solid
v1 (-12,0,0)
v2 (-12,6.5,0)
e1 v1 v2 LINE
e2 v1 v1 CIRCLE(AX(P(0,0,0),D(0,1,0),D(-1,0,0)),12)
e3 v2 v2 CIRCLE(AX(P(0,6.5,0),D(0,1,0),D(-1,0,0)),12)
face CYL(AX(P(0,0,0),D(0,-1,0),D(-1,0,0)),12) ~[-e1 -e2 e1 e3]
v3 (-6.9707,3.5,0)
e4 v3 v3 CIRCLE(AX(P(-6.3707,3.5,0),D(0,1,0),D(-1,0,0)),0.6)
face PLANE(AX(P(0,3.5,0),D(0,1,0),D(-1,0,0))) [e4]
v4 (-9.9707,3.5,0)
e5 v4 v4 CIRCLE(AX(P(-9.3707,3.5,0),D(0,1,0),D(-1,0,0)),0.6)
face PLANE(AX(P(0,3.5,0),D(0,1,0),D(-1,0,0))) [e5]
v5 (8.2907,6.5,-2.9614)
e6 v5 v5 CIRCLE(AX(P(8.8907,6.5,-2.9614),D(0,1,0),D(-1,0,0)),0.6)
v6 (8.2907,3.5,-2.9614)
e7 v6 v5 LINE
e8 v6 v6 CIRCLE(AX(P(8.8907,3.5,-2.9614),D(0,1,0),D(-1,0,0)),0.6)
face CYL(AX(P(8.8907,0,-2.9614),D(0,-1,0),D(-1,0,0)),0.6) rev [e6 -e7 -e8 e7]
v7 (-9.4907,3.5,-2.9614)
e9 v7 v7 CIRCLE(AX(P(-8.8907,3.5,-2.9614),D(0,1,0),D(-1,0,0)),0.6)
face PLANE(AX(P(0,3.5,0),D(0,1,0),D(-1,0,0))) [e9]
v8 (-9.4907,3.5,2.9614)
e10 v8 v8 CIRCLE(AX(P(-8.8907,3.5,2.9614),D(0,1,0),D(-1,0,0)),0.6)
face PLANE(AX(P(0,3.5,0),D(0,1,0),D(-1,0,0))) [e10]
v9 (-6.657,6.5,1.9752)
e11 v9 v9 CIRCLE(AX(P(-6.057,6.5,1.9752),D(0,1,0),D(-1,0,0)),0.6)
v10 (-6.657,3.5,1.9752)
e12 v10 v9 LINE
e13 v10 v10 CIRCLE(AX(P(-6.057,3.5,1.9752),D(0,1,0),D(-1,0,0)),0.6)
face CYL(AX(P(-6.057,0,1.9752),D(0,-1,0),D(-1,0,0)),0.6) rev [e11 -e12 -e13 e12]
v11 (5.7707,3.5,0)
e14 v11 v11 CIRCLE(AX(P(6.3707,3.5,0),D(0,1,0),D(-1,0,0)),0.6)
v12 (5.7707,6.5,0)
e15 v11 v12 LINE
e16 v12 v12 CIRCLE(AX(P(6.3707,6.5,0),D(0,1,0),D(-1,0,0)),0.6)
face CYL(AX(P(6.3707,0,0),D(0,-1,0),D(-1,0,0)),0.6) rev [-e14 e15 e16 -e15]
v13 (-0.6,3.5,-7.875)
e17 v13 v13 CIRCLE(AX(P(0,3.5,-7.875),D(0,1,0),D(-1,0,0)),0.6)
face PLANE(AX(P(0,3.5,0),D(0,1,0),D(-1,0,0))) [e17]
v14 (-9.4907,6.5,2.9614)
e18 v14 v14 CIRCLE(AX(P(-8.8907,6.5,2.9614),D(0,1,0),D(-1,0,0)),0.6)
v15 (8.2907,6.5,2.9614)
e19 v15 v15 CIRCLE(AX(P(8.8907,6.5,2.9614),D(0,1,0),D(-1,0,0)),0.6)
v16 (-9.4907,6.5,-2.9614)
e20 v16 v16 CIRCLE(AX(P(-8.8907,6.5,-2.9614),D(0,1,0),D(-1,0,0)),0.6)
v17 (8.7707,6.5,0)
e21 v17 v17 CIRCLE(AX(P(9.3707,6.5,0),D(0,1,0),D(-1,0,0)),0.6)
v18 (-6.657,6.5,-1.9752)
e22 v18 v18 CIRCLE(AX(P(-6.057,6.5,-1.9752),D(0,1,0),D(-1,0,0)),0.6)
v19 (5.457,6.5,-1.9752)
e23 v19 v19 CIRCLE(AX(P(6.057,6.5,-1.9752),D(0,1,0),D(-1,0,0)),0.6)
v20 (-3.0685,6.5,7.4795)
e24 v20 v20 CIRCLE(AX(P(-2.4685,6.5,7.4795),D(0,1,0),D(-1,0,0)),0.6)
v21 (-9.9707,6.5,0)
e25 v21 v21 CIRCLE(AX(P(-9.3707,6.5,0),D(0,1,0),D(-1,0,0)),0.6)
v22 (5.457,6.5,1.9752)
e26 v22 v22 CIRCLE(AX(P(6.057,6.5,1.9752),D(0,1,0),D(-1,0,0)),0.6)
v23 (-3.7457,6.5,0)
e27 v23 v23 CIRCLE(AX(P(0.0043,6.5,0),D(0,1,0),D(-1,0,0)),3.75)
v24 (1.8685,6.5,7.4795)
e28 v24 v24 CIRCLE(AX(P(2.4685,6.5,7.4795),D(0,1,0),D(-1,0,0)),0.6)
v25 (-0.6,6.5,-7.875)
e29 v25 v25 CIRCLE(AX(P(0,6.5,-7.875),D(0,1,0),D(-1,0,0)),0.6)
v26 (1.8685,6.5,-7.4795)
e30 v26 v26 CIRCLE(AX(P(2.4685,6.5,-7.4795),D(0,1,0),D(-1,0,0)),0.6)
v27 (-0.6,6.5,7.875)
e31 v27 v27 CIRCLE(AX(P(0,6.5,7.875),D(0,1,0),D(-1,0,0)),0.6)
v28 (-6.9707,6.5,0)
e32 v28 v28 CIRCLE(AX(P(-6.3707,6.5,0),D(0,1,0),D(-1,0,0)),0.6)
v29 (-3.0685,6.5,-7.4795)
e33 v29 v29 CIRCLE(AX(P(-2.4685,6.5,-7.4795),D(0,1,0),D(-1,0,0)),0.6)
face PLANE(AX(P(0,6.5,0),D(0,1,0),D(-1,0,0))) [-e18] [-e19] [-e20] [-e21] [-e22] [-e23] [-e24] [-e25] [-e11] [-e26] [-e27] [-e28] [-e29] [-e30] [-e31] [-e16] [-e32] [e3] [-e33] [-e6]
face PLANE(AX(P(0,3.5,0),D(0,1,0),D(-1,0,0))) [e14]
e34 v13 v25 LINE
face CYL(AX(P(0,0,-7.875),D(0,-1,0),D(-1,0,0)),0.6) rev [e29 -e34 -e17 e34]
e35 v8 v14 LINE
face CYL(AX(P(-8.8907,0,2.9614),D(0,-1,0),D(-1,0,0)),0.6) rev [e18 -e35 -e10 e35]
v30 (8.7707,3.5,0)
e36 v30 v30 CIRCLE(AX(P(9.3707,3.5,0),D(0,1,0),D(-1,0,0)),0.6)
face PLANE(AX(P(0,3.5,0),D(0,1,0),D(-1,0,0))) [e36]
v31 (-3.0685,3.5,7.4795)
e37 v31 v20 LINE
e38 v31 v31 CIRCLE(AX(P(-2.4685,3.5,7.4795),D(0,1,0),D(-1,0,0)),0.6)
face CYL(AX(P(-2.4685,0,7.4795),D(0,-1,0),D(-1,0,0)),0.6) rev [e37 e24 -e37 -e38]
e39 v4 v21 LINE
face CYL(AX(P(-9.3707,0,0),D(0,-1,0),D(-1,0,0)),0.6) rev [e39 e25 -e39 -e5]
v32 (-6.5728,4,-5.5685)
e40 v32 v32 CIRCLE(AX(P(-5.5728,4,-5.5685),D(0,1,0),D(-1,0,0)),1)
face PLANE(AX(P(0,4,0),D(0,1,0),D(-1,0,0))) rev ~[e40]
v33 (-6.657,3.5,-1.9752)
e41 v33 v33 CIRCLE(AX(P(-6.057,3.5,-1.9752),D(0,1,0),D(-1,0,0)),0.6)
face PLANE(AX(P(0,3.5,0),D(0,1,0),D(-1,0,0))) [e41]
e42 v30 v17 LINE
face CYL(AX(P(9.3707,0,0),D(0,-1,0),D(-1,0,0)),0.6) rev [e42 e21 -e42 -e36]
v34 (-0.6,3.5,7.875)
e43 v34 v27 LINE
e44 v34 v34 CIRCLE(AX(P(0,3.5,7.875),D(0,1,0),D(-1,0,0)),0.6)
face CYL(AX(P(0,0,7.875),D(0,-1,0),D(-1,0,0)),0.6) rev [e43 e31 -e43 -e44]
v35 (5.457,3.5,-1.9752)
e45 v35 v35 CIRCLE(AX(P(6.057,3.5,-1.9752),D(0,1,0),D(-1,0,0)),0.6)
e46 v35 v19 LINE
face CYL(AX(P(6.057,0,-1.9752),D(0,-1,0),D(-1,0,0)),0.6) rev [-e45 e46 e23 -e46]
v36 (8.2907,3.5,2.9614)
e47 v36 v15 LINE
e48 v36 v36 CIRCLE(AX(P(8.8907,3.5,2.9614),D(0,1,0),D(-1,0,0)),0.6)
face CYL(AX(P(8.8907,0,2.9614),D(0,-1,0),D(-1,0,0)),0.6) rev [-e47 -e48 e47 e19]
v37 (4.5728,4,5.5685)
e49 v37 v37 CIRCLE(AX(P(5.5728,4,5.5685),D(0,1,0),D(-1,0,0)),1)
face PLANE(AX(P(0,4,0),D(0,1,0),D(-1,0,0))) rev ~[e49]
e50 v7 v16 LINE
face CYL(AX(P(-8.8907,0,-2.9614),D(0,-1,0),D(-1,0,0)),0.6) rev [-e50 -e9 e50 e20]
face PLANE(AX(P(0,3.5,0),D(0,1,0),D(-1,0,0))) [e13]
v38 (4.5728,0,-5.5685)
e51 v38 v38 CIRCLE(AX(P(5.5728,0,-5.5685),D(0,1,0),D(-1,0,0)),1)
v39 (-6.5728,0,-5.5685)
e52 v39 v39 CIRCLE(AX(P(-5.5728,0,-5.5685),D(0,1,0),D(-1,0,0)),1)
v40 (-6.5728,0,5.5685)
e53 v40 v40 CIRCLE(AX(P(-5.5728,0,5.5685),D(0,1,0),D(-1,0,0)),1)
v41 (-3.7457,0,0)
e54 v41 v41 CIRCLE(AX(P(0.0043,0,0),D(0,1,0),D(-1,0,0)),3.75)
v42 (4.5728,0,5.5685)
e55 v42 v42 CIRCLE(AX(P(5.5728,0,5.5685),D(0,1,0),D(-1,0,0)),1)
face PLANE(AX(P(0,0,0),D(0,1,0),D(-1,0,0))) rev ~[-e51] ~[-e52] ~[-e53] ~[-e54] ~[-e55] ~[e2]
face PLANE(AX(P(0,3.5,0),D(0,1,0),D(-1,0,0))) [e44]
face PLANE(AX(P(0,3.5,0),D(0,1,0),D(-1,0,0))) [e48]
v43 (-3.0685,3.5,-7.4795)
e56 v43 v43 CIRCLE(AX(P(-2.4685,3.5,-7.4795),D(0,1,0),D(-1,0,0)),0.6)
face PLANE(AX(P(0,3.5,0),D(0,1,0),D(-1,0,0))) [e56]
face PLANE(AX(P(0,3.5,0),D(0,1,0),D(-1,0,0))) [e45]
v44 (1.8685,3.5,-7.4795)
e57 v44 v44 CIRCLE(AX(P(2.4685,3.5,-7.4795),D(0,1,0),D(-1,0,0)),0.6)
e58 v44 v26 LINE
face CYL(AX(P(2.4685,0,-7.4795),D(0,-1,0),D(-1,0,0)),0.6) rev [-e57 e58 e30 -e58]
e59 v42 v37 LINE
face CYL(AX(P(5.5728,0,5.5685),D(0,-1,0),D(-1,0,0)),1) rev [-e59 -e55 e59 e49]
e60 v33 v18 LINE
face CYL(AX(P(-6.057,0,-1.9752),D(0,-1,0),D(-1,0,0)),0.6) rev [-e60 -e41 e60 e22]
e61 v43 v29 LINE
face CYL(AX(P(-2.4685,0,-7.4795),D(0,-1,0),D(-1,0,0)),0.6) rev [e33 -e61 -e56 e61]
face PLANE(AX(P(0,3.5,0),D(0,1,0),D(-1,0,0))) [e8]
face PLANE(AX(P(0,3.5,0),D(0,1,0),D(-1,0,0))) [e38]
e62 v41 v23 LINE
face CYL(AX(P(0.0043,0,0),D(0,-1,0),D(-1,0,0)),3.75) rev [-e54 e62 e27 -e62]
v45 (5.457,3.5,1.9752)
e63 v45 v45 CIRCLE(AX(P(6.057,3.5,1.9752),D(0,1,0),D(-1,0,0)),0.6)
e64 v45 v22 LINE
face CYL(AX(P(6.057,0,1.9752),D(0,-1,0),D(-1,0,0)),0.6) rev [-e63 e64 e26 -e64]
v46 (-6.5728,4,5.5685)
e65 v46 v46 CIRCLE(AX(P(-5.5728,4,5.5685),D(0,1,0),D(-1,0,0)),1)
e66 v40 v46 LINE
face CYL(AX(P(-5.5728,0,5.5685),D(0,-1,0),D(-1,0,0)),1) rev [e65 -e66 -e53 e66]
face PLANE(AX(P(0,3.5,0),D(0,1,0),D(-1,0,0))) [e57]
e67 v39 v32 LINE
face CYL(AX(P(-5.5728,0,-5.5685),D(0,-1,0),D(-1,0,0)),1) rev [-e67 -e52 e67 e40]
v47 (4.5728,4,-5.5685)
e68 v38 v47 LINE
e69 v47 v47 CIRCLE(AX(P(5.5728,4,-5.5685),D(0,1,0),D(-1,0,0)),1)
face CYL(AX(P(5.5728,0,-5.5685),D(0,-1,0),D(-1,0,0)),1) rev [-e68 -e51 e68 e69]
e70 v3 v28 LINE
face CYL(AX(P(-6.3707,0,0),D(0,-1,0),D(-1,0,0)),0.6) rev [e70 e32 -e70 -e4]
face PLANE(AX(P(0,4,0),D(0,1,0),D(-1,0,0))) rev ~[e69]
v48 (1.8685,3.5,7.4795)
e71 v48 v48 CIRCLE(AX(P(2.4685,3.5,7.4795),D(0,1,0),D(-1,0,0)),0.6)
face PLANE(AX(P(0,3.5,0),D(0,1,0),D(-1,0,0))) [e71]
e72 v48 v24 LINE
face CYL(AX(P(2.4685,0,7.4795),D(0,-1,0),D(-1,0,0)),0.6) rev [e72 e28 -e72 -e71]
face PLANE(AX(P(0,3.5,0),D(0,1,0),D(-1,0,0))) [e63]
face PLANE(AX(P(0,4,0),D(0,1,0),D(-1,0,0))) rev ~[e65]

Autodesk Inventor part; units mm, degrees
ref_plane "YZ Plane" through (0, 0, 0) normal (1, 0, 0) x (0, 1, 0)
ref_plane "XZ Plane" through (0, 0, 0) normal (0, 1, 0) x (-1, 0, 0)
ref_plane "XY Plane" through (0, 0, 0) normal (0, 0, 1) x (1, 0, 0)
sketch "Sketch1" plane through (0, 0, 0) normal (0, 1, 0) x (-1, 0, 0)
  circle A0 centre (0, 0) radius 12
  circle A1 centre (-0.0043, 0) radius 3.75
  circle A2 centre (-0.0043, 0) radius 6.375 construction
  circle A3 centre (-0.0043, 0) radius 9.375 construction
  circle A4 centre (-0.0043, 0) radius 7.875 construction
  circle A5 centre (0, -7.875) radius 0.6
  circle A6 centre (6.3707, 0) radius 0.6
  circle A7 centre (9.3707, 0) radius 0.6
  line L0 (16.292, 0) -> (-19, 0) construction
  line L1 (0, 21) -> (0, -27.3544) construction
  circle A8 centre (0, 7.875) radius 0.6
  circle A9 centre (-6.3707, 0) radius 0.6
  circle A10 centre (-9.3707, 0) radius 0.6
  line L2 (-0.0043, 0) -> (-8.4874, 8.4831) construction
  line L3 (-0.0043, 0) -> (11.9927, 0) construction
  circle A11 centre (-5.5728, 5.5685) radius 1
  circle A12 centre (5.5728, 5.5685) radius 1
  circle A13 centre (-5.5728, -5.5685) radius 1
  circle A14 centre (5.5728, -5.5685) radius 1
  circle A15 centre (-2.4685, 7.4795) radius 0.6
  circle A16 centre (2.4685, 7.4795) radius 0.6
  circle A17 centre (-2.4685, -7.4795) radius 0.6
  circle A18 centre (2.4685, -7.4795) radius 0.6
  circle A19 centre (6.057, 1.9752) radius 0.6
  circle A20 centre (8.8907, 2.9614) radius 0.6
  circle A21 centre (6.057, -1.9752) radius 0.6
  circle A22 centre (8.8907, -2.9614) radius 0.6
  circle A23 centre (-6.057, 1.9752) radius 0.6
  circle A24 centre (-8.8907, 2.9614) radius 0.6
  circle A25 centre (-8.8907, -2.9614) radius 0.6
  circle A26 centre (-6.057, -1.9752) radius 0.6
  dimension "d4" = 24
  dimension "d2" = 7.5
  dimension "d6" = 12.75
  dimension "d7" = 18.75
  dimension "d8" = 15.75
  dimension "d9" = 1.2
  dimension "d13" = 1.2
  dimension "d14" = 1.2
  dimension "d27" = 135
  dimension "d29" = 1.2
  dimension "d33" = 1.3
  dimension "d34" = 2
  dimension "d35" = 0.8
  dimension "d36" = 1.2
  dimension "d37" = 1.2
  dimension "d38" = 1.8
extrude "Extrusion4" add sketch "Sketch1" along normal blind 6.5 contours A0 | A11 | A12 | A13 | A14
extrude "Extrusion5" add sketch "Sketch1" along normal blind 3.5 contours A5 | A6 | A7 | A8 | A9 | A10 | A15 | A16 | A17 | A18 | A19 | A20 | A21 | A22 | A23 | A24 | A25 | A26
extrude "Extrusion6" cut sketch "Sketch1" along normal blind 4 contours A11 | A12 | A13 | A14
equation "\"d13\" = d9"
equation "\"d14\" = d9"
equation "\"d29\" = d9"
equation "\"d36\" = d13"
equation "\"d37\" = d14"
properties part number "engine_connector_sleeve"
